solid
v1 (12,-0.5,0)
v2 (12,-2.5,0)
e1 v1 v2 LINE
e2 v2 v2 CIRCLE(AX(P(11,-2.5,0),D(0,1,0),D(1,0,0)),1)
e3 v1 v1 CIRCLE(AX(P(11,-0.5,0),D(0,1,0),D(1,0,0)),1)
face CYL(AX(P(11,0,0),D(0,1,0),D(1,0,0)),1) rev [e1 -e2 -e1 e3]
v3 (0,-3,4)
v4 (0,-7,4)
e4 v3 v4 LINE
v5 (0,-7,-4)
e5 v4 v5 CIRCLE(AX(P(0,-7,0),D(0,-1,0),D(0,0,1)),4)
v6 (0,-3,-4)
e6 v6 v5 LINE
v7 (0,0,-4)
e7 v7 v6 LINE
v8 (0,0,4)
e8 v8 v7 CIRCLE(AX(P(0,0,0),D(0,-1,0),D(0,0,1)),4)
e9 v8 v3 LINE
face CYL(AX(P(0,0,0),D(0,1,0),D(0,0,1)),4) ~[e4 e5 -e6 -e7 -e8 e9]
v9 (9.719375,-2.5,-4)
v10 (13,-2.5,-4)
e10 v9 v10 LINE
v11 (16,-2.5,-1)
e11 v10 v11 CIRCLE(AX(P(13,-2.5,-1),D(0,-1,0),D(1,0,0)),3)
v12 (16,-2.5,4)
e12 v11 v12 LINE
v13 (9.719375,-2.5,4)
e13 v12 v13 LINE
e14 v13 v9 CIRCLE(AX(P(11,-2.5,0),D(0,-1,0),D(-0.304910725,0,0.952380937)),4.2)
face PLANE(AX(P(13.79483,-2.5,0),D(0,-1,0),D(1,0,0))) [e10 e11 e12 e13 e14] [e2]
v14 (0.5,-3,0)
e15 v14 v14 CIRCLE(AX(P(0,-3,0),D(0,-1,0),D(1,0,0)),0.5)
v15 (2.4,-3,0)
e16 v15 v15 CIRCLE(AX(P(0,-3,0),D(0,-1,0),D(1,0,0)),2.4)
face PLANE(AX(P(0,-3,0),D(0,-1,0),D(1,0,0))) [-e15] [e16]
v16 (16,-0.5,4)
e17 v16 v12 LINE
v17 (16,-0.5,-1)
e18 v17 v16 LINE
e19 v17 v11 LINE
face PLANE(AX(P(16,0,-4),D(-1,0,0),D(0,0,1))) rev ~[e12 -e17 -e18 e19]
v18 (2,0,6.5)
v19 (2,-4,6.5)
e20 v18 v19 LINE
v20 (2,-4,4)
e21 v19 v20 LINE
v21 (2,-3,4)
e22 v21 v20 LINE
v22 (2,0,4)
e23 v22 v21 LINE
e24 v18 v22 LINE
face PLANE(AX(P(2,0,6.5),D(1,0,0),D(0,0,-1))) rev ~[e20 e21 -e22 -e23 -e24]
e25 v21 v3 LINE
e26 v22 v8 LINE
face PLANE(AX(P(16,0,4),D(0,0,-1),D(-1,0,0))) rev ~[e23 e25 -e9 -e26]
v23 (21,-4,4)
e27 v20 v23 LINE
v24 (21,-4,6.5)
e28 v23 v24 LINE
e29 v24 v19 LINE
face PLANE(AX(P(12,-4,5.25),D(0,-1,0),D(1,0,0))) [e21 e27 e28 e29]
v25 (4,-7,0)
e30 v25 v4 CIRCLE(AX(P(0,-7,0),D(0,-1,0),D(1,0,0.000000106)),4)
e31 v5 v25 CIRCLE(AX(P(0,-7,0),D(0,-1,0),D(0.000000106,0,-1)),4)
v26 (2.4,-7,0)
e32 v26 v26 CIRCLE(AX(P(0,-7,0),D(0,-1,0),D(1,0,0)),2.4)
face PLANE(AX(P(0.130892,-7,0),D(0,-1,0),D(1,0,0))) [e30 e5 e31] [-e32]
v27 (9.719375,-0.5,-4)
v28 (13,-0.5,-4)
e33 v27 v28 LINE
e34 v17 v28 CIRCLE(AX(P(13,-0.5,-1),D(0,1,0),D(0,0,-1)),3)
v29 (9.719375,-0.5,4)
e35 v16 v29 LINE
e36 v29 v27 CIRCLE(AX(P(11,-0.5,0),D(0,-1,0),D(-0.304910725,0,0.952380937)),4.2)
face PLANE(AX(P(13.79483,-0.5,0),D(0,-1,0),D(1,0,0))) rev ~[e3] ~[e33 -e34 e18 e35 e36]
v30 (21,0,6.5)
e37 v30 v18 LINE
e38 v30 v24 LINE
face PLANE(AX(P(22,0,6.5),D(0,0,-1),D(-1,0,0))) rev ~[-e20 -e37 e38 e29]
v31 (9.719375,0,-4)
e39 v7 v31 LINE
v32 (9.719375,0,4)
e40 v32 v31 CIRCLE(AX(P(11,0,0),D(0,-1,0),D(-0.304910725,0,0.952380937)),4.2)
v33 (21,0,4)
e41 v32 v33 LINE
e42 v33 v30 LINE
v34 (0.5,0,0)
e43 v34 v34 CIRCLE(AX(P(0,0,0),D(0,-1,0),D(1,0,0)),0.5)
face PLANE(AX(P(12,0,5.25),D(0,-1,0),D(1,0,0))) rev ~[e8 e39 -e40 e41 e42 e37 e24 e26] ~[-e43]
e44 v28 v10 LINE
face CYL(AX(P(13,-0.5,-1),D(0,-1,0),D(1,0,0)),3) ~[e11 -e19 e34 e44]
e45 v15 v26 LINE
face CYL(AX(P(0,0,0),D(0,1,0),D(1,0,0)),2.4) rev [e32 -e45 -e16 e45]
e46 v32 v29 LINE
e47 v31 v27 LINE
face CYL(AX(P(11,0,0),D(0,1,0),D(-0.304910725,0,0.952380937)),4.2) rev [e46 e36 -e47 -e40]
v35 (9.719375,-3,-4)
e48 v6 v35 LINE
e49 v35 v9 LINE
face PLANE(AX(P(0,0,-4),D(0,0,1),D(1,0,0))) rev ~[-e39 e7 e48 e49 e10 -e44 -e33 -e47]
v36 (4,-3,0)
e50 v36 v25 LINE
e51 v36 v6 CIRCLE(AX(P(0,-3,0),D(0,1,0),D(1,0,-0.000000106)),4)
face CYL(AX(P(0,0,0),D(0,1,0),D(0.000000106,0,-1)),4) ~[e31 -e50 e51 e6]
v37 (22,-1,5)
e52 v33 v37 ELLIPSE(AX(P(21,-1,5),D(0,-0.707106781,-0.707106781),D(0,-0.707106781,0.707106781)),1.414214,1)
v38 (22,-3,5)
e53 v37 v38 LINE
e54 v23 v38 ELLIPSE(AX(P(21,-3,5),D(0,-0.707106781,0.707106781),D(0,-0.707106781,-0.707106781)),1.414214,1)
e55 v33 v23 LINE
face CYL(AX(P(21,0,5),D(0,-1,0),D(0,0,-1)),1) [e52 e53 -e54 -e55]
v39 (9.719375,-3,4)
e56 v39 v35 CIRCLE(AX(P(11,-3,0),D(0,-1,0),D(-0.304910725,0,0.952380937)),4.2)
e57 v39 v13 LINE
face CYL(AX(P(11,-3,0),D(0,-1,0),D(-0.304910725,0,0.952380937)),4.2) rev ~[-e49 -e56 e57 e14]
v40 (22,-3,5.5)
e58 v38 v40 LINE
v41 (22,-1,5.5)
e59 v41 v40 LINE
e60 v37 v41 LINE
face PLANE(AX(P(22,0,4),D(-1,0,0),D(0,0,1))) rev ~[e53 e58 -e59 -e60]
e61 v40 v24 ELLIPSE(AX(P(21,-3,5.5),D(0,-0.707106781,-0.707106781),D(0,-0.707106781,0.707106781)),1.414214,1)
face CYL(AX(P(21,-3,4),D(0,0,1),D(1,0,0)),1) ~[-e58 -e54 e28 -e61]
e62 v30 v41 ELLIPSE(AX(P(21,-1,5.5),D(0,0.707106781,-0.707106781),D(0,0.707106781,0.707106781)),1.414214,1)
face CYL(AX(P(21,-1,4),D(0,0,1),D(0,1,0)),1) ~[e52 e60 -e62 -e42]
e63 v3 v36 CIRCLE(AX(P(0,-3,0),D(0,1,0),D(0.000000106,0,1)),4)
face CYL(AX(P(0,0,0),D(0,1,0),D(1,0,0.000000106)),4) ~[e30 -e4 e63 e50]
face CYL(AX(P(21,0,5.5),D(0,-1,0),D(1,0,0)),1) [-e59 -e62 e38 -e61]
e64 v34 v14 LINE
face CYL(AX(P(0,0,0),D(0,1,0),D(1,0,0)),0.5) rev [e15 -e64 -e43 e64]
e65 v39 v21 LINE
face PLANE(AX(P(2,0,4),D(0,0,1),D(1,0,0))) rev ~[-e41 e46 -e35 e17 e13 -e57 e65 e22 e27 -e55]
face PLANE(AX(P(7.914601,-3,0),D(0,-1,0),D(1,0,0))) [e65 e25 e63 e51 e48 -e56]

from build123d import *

# Parameters (mm, degrees)
F0_R      = 1
F1_DEPTH  = 3
F0_R_2    = 2.4
F2_DEPTH  = 7
F0_R_3    = 0.5
F3_DEPTH  = 3
F6_DEPTH  = 0.5
F7_DEPTH  = 4
F8_R      = 3
F9_R      = 1
F11_DEPTH = 0.5


with BuildPart() as f1:
    # F0 (on Front) → F1 (new body)
    with BuildSketch(Plane.XZ):
        with BuildLine():
            ThreePointArc((0, 4), (2.828427, 2.828427), (4, 0))
            ThreePointArc((4, 0), (2.828427, -2.828427), (0, -4))
            Line((0, -4), (16, -4))
            Line((16, -4), (16, 0))
            Line((16, 0), (16, 4))
            Line((16, 4), (6, 4))
            Line((6, 4), (2, 4))
            Line((2, 4), (0, 4))
        make_face()
        with Locations((11, 0)):
            Circle(F0_R, mode=Mode.SUBTRACT)
    extrude(amount=F1_DEPTH)

    # F0 (on Front) → F2 (join)
    with BuildSketch(Plane.XZ):
        with BuildLine():
            ThreePointArc((0, -4), (2.828427, -2.828427), (4, 0))
            ThreePointArc((4, 0), (2.828427, 2.828427), (0, 4))
            ThreePointArc((0, 4), (-4, 0), (0, -4))
        make_face()
        Circle(F0_R_2, mode=Mode.SUBTRACT)
    extrude(amount=F2_DEPTH)

    # F0 (on Front) → F3 (join)
    with BuildSketch(Plane.XZ):
        Circle(F0_R_2)
        Circle(F0_R_3, mode=Mode.SUBTRACT)
    extrude(amount=F3_DEPTH)

    # F5 (on Front) → F6 (cut)
    with BuildSketch(Plane.XZ):
        with BuildLine():
            Line((19.387725, -4), (19.387725, 4))
            Line((19.387725, 4), (9.719375, 4))
            ThreePointArc((9.719375, 4), (6.8, 0), (9.719375, -4))
            Line((9.719375, -4), (19.387725, -4))
        make_face()
    extrude(amount=F6_DEPTH, mode=Mode.SUBTRACT)

    # F0 (on Front) → F7 (join)
    with BuildSketch(Plane.XZ):
        Polygon((2, 6.5), (2, 4), (6, 4), (16, 4), (22, 4), (22, 6.5), align=None)
    extrude(amount=F7_DEPTH)

    # F8
    f8_edges = [f1.edges().sort_by_distance(p)[0] for p in [
        (16, -1.75, -4),
    ]]
    fillet(f8_edges, radius=F8_R)

    # F9
    f9_edges = [f1.edges().sort_by_distance(p)[0] for p in [
        (22, -2, 4),
        (22, -4, 5.25),
        (22, 0, 5.25),
        (22, -2, 6.5),
    ]]
    fillet(f9_edges, radius=F9_R)

    # F10 (on offset) → F11 (cut)
    with BuildSketch(Plane.XZ.offset(3)):
        with BuildLine():
            Line((19.387725, -4), (19.387725, 4))
            Line((19.387725, 4), (9.719375, 4))
            ThreePointArc((9.719375, 4), (6.8, 0), (9.719375, -4))
            Line((9.719375, -4), (19.387725, -4))
        make_face()
    extrude(amount=-F11_DEPTH, mode=Mode.SUBTRACT)


solid = f1.part
